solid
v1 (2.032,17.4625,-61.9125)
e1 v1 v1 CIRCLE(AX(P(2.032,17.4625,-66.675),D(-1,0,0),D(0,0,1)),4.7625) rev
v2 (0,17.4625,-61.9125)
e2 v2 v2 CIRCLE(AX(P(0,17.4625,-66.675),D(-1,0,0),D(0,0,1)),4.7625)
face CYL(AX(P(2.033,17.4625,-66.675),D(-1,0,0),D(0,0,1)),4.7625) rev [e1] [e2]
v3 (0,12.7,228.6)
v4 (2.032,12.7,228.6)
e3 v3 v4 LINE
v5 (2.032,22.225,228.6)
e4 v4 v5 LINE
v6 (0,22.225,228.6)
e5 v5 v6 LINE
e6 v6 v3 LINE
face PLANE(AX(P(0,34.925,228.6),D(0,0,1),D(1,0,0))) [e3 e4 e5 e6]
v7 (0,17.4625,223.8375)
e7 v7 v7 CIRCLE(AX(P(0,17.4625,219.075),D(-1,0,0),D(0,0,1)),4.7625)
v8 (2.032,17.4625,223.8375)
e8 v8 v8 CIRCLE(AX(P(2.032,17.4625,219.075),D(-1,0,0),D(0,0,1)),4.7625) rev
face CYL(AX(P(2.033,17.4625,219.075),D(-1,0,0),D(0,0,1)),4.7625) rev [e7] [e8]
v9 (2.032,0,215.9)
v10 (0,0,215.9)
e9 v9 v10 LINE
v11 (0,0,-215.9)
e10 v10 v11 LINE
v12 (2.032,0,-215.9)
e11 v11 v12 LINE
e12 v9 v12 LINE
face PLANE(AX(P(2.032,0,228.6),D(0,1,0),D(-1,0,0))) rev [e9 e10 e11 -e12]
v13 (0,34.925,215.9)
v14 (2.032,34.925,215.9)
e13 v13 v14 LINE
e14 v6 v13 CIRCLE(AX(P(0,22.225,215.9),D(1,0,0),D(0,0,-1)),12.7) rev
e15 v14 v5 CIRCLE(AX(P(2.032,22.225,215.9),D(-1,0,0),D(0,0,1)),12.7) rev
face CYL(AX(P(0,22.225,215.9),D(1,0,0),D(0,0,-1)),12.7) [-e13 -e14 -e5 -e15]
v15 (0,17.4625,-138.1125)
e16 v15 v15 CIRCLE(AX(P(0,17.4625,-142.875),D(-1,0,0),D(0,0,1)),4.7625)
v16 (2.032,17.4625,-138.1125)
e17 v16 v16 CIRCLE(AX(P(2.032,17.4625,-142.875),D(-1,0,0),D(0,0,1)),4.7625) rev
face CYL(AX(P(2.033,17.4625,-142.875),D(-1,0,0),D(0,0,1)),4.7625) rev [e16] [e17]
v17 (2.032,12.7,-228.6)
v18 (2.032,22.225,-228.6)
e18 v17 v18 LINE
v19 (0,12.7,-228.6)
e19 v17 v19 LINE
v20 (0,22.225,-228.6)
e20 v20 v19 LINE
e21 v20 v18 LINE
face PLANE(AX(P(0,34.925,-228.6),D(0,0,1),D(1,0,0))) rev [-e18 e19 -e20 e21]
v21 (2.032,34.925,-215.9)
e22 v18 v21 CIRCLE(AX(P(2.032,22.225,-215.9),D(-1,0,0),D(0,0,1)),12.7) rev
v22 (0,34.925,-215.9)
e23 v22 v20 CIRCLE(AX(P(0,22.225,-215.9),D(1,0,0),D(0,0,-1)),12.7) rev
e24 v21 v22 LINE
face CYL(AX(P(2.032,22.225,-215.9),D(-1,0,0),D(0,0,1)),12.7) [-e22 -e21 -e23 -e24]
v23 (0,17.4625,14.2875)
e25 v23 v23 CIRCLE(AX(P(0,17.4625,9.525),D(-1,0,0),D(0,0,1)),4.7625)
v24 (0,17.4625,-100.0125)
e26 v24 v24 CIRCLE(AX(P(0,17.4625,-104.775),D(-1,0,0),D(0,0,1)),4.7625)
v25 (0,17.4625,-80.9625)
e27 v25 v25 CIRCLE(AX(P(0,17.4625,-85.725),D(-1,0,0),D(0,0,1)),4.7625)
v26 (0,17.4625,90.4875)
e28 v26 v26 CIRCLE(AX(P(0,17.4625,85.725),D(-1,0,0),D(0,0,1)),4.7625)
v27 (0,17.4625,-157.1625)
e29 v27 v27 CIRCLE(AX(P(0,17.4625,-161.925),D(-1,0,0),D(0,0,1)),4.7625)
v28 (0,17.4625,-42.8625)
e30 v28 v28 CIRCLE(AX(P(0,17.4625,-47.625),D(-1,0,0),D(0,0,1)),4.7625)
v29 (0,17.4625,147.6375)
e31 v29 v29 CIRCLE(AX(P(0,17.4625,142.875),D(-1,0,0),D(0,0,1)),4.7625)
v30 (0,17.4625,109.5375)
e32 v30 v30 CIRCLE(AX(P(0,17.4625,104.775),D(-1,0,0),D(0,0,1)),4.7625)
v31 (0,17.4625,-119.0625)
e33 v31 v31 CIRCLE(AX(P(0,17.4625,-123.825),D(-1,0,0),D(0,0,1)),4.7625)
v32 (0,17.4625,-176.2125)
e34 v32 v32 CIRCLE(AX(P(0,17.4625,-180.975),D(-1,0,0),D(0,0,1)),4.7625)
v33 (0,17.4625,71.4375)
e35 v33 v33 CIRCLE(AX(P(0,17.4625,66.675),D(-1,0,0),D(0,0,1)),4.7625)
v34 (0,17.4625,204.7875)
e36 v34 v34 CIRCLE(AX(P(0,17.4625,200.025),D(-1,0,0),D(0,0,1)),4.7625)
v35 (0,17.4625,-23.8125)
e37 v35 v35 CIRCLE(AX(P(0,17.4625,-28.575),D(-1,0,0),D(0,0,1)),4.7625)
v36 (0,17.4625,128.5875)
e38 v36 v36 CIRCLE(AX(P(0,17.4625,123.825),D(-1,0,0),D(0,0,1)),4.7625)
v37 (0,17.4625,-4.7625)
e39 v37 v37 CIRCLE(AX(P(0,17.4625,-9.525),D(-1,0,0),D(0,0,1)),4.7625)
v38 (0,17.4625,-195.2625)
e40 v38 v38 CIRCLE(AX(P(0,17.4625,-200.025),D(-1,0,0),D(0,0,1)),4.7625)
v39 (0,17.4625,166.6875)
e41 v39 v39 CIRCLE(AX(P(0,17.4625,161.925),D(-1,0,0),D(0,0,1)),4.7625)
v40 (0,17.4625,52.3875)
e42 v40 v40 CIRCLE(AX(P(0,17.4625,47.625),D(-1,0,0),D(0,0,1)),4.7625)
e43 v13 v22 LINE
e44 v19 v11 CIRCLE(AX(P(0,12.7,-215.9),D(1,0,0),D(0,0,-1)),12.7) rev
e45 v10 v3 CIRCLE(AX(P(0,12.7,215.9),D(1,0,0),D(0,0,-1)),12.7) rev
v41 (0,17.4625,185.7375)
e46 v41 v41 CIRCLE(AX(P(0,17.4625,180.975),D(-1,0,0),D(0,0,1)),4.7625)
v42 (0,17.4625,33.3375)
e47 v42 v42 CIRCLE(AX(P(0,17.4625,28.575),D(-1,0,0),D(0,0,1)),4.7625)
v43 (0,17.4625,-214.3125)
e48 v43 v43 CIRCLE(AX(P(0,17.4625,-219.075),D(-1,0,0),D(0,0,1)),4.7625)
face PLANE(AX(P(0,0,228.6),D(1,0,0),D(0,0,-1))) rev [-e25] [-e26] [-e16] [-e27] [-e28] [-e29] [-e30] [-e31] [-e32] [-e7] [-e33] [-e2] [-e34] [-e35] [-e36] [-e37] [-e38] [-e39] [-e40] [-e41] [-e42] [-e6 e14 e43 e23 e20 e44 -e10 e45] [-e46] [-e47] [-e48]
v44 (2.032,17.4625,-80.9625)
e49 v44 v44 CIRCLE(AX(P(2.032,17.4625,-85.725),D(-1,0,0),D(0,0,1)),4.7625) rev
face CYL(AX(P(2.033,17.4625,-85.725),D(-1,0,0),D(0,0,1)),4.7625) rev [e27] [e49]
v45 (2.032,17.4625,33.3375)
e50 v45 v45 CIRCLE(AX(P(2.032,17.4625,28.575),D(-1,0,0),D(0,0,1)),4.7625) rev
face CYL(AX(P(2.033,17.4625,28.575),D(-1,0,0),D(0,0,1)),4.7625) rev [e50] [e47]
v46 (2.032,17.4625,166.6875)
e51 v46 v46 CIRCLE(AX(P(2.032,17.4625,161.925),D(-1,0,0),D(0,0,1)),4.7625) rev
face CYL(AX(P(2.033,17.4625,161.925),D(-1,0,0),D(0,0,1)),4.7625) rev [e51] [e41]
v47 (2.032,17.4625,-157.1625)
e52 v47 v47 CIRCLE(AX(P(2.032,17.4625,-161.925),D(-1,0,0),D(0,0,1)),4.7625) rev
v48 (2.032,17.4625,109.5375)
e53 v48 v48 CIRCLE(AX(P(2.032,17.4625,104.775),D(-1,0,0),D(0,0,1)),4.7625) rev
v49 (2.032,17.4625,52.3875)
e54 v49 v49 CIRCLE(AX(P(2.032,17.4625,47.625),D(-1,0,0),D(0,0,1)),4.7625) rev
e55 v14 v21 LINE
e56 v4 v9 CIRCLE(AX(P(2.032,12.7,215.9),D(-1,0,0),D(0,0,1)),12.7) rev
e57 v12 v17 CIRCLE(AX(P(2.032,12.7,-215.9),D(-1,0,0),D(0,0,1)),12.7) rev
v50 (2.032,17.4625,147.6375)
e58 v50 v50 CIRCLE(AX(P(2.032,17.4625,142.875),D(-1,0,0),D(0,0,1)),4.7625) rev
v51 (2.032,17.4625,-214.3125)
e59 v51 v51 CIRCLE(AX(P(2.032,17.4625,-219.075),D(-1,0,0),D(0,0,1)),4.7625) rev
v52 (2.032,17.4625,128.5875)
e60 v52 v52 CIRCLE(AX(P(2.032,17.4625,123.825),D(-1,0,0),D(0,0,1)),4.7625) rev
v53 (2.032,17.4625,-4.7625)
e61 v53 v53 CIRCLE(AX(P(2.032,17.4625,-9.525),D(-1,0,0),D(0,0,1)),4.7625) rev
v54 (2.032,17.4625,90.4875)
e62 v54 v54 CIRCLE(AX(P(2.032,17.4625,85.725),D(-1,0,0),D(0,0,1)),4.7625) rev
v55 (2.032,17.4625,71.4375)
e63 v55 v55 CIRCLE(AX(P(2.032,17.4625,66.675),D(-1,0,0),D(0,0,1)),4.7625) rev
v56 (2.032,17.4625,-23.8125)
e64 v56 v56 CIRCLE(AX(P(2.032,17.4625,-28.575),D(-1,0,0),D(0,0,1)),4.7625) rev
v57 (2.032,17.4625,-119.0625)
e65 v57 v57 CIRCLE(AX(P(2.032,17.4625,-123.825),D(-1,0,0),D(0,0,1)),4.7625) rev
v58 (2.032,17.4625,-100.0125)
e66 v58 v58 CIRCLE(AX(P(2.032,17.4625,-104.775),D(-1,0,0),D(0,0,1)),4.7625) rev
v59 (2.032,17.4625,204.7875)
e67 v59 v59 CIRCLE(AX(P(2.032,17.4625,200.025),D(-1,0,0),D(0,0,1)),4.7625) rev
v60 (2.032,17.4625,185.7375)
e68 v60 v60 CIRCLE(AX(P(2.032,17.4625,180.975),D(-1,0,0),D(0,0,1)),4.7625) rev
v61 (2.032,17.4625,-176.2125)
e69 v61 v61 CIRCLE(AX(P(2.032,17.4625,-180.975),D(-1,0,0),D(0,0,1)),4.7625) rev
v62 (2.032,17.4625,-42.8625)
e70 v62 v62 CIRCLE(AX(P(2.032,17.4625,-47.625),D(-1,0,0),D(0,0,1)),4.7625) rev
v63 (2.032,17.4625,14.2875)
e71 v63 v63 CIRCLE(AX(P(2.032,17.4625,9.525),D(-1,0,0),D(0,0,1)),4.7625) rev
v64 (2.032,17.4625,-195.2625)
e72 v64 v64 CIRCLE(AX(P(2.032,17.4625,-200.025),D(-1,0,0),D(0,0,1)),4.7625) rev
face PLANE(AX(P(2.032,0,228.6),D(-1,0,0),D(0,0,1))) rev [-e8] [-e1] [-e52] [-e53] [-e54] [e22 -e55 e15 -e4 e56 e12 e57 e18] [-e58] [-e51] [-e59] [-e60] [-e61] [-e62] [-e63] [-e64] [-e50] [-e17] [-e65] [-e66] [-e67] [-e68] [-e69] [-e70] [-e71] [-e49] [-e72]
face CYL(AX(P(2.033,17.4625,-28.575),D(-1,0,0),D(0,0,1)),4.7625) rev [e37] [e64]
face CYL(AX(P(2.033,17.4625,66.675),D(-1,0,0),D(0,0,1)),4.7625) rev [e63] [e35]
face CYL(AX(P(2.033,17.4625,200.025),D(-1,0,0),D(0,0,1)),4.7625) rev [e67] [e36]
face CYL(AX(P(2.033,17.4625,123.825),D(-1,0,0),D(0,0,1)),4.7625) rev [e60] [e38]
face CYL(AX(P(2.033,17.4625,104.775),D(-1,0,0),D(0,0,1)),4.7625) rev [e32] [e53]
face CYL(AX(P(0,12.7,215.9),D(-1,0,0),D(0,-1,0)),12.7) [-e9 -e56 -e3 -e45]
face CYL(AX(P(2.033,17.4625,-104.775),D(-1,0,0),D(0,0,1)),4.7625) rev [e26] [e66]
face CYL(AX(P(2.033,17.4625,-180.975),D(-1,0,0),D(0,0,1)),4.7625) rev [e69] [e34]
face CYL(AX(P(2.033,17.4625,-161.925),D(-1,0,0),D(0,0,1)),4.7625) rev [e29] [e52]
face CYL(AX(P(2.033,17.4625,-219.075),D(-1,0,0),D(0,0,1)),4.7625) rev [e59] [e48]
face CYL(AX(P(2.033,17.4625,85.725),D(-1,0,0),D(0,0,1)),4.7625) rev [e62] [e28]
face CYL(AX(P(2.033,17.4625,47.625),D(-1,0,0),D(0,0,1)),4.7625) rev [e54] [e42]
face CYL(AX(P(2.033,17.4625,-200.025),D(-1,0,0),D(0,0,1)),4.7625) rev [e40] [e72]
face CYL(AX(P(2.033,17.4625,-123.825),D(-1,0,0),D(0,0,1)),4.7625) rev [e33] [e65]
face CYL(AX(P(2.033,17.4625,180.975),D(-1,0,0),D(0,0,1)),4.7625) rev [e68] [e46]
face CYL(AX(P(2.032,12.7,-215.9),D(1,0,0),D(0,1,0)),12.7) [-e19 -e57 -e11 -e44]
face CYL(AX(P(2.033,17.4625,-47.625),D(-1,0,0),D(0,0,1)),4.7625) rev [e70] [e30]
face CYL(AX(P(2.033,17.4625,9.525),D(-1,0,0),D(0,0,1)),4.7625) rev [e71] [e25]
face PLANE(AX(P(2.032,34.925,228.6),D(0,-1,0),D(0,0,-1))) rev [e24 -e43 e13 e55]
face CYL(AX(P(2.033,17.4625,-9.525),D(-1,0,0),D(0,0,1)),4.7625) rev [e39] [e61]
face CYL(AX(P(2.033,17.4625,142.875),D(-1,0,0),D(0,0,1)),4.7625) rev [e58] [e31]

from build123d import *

# Parameters (mm, degrees)
SKETCH1_W           = 2.032
SKETCH1_H           = 34.925
BOSS_EXTRUDE1_DEPTH = 228.6
CUT_EXTRUDE1_REACH  = 233.261
SKETCH2_R           = 4.7625
LPATTERN1_COUNT     = 24
LPATTERN1_PITCH     = 19.05
FILLET1_R           = 12.7


with BuildPart() as part:
    # Sketch1 → Boss-Extrude1 (new, symmetric)
    with BuildSketch(Plane.XY):
        with Locations((1.016, 17.4625)):
            Rectangle(SKETCH1_W, SKETCH1_H)
    extrude(amount=BOSS_EXTRUDE1_DEPTH, both=True)

    # Sketch2 → Cut-Extrude1 (cut, up to next)
    with BuildSketch(Plane.ZY, mode=Mode.PRIVATE) as cut_extrude1_sk1:
        with Locations((219.075, 17.4625)):
            Circle(SKETCH2_R)
    cut_extrude1_tool1 = extrude(cut_extrude1_sk1.sketch, amount=-CUT_EXTRUDE1_REACH, mode=Mode.PRIVATE) & part.part
    cut_extrude1 = cut_extrude1_tool1.solids().sort_by_distance((0, 17.4625, 219.075))[0]
    add(cut_extrude1, mode=Mode.SUBTRACT)

    # LPattern1: Cut-Extrude1 ×24
    with Locations(*[(0, 0, -i * LPATTERN1_PITCH) for i in range(1, LPATTERN1_COUNT)]):
        add(cut_extrude1, mode=Mode.SUBTRACT)

    # Fillet1
    fillet1_edges = [part.edges().sort_by_distance(p)[0] for p in [
        (1.016, 34.925, 228.6),
        (1.016, 34.925, -228.6),
        (1.016, 0, -228.6),
        (1.016, 0, 228.6),
    ]]
    fillet(fillet1_edges, radius=FILLET1_R)


solid = part.part
